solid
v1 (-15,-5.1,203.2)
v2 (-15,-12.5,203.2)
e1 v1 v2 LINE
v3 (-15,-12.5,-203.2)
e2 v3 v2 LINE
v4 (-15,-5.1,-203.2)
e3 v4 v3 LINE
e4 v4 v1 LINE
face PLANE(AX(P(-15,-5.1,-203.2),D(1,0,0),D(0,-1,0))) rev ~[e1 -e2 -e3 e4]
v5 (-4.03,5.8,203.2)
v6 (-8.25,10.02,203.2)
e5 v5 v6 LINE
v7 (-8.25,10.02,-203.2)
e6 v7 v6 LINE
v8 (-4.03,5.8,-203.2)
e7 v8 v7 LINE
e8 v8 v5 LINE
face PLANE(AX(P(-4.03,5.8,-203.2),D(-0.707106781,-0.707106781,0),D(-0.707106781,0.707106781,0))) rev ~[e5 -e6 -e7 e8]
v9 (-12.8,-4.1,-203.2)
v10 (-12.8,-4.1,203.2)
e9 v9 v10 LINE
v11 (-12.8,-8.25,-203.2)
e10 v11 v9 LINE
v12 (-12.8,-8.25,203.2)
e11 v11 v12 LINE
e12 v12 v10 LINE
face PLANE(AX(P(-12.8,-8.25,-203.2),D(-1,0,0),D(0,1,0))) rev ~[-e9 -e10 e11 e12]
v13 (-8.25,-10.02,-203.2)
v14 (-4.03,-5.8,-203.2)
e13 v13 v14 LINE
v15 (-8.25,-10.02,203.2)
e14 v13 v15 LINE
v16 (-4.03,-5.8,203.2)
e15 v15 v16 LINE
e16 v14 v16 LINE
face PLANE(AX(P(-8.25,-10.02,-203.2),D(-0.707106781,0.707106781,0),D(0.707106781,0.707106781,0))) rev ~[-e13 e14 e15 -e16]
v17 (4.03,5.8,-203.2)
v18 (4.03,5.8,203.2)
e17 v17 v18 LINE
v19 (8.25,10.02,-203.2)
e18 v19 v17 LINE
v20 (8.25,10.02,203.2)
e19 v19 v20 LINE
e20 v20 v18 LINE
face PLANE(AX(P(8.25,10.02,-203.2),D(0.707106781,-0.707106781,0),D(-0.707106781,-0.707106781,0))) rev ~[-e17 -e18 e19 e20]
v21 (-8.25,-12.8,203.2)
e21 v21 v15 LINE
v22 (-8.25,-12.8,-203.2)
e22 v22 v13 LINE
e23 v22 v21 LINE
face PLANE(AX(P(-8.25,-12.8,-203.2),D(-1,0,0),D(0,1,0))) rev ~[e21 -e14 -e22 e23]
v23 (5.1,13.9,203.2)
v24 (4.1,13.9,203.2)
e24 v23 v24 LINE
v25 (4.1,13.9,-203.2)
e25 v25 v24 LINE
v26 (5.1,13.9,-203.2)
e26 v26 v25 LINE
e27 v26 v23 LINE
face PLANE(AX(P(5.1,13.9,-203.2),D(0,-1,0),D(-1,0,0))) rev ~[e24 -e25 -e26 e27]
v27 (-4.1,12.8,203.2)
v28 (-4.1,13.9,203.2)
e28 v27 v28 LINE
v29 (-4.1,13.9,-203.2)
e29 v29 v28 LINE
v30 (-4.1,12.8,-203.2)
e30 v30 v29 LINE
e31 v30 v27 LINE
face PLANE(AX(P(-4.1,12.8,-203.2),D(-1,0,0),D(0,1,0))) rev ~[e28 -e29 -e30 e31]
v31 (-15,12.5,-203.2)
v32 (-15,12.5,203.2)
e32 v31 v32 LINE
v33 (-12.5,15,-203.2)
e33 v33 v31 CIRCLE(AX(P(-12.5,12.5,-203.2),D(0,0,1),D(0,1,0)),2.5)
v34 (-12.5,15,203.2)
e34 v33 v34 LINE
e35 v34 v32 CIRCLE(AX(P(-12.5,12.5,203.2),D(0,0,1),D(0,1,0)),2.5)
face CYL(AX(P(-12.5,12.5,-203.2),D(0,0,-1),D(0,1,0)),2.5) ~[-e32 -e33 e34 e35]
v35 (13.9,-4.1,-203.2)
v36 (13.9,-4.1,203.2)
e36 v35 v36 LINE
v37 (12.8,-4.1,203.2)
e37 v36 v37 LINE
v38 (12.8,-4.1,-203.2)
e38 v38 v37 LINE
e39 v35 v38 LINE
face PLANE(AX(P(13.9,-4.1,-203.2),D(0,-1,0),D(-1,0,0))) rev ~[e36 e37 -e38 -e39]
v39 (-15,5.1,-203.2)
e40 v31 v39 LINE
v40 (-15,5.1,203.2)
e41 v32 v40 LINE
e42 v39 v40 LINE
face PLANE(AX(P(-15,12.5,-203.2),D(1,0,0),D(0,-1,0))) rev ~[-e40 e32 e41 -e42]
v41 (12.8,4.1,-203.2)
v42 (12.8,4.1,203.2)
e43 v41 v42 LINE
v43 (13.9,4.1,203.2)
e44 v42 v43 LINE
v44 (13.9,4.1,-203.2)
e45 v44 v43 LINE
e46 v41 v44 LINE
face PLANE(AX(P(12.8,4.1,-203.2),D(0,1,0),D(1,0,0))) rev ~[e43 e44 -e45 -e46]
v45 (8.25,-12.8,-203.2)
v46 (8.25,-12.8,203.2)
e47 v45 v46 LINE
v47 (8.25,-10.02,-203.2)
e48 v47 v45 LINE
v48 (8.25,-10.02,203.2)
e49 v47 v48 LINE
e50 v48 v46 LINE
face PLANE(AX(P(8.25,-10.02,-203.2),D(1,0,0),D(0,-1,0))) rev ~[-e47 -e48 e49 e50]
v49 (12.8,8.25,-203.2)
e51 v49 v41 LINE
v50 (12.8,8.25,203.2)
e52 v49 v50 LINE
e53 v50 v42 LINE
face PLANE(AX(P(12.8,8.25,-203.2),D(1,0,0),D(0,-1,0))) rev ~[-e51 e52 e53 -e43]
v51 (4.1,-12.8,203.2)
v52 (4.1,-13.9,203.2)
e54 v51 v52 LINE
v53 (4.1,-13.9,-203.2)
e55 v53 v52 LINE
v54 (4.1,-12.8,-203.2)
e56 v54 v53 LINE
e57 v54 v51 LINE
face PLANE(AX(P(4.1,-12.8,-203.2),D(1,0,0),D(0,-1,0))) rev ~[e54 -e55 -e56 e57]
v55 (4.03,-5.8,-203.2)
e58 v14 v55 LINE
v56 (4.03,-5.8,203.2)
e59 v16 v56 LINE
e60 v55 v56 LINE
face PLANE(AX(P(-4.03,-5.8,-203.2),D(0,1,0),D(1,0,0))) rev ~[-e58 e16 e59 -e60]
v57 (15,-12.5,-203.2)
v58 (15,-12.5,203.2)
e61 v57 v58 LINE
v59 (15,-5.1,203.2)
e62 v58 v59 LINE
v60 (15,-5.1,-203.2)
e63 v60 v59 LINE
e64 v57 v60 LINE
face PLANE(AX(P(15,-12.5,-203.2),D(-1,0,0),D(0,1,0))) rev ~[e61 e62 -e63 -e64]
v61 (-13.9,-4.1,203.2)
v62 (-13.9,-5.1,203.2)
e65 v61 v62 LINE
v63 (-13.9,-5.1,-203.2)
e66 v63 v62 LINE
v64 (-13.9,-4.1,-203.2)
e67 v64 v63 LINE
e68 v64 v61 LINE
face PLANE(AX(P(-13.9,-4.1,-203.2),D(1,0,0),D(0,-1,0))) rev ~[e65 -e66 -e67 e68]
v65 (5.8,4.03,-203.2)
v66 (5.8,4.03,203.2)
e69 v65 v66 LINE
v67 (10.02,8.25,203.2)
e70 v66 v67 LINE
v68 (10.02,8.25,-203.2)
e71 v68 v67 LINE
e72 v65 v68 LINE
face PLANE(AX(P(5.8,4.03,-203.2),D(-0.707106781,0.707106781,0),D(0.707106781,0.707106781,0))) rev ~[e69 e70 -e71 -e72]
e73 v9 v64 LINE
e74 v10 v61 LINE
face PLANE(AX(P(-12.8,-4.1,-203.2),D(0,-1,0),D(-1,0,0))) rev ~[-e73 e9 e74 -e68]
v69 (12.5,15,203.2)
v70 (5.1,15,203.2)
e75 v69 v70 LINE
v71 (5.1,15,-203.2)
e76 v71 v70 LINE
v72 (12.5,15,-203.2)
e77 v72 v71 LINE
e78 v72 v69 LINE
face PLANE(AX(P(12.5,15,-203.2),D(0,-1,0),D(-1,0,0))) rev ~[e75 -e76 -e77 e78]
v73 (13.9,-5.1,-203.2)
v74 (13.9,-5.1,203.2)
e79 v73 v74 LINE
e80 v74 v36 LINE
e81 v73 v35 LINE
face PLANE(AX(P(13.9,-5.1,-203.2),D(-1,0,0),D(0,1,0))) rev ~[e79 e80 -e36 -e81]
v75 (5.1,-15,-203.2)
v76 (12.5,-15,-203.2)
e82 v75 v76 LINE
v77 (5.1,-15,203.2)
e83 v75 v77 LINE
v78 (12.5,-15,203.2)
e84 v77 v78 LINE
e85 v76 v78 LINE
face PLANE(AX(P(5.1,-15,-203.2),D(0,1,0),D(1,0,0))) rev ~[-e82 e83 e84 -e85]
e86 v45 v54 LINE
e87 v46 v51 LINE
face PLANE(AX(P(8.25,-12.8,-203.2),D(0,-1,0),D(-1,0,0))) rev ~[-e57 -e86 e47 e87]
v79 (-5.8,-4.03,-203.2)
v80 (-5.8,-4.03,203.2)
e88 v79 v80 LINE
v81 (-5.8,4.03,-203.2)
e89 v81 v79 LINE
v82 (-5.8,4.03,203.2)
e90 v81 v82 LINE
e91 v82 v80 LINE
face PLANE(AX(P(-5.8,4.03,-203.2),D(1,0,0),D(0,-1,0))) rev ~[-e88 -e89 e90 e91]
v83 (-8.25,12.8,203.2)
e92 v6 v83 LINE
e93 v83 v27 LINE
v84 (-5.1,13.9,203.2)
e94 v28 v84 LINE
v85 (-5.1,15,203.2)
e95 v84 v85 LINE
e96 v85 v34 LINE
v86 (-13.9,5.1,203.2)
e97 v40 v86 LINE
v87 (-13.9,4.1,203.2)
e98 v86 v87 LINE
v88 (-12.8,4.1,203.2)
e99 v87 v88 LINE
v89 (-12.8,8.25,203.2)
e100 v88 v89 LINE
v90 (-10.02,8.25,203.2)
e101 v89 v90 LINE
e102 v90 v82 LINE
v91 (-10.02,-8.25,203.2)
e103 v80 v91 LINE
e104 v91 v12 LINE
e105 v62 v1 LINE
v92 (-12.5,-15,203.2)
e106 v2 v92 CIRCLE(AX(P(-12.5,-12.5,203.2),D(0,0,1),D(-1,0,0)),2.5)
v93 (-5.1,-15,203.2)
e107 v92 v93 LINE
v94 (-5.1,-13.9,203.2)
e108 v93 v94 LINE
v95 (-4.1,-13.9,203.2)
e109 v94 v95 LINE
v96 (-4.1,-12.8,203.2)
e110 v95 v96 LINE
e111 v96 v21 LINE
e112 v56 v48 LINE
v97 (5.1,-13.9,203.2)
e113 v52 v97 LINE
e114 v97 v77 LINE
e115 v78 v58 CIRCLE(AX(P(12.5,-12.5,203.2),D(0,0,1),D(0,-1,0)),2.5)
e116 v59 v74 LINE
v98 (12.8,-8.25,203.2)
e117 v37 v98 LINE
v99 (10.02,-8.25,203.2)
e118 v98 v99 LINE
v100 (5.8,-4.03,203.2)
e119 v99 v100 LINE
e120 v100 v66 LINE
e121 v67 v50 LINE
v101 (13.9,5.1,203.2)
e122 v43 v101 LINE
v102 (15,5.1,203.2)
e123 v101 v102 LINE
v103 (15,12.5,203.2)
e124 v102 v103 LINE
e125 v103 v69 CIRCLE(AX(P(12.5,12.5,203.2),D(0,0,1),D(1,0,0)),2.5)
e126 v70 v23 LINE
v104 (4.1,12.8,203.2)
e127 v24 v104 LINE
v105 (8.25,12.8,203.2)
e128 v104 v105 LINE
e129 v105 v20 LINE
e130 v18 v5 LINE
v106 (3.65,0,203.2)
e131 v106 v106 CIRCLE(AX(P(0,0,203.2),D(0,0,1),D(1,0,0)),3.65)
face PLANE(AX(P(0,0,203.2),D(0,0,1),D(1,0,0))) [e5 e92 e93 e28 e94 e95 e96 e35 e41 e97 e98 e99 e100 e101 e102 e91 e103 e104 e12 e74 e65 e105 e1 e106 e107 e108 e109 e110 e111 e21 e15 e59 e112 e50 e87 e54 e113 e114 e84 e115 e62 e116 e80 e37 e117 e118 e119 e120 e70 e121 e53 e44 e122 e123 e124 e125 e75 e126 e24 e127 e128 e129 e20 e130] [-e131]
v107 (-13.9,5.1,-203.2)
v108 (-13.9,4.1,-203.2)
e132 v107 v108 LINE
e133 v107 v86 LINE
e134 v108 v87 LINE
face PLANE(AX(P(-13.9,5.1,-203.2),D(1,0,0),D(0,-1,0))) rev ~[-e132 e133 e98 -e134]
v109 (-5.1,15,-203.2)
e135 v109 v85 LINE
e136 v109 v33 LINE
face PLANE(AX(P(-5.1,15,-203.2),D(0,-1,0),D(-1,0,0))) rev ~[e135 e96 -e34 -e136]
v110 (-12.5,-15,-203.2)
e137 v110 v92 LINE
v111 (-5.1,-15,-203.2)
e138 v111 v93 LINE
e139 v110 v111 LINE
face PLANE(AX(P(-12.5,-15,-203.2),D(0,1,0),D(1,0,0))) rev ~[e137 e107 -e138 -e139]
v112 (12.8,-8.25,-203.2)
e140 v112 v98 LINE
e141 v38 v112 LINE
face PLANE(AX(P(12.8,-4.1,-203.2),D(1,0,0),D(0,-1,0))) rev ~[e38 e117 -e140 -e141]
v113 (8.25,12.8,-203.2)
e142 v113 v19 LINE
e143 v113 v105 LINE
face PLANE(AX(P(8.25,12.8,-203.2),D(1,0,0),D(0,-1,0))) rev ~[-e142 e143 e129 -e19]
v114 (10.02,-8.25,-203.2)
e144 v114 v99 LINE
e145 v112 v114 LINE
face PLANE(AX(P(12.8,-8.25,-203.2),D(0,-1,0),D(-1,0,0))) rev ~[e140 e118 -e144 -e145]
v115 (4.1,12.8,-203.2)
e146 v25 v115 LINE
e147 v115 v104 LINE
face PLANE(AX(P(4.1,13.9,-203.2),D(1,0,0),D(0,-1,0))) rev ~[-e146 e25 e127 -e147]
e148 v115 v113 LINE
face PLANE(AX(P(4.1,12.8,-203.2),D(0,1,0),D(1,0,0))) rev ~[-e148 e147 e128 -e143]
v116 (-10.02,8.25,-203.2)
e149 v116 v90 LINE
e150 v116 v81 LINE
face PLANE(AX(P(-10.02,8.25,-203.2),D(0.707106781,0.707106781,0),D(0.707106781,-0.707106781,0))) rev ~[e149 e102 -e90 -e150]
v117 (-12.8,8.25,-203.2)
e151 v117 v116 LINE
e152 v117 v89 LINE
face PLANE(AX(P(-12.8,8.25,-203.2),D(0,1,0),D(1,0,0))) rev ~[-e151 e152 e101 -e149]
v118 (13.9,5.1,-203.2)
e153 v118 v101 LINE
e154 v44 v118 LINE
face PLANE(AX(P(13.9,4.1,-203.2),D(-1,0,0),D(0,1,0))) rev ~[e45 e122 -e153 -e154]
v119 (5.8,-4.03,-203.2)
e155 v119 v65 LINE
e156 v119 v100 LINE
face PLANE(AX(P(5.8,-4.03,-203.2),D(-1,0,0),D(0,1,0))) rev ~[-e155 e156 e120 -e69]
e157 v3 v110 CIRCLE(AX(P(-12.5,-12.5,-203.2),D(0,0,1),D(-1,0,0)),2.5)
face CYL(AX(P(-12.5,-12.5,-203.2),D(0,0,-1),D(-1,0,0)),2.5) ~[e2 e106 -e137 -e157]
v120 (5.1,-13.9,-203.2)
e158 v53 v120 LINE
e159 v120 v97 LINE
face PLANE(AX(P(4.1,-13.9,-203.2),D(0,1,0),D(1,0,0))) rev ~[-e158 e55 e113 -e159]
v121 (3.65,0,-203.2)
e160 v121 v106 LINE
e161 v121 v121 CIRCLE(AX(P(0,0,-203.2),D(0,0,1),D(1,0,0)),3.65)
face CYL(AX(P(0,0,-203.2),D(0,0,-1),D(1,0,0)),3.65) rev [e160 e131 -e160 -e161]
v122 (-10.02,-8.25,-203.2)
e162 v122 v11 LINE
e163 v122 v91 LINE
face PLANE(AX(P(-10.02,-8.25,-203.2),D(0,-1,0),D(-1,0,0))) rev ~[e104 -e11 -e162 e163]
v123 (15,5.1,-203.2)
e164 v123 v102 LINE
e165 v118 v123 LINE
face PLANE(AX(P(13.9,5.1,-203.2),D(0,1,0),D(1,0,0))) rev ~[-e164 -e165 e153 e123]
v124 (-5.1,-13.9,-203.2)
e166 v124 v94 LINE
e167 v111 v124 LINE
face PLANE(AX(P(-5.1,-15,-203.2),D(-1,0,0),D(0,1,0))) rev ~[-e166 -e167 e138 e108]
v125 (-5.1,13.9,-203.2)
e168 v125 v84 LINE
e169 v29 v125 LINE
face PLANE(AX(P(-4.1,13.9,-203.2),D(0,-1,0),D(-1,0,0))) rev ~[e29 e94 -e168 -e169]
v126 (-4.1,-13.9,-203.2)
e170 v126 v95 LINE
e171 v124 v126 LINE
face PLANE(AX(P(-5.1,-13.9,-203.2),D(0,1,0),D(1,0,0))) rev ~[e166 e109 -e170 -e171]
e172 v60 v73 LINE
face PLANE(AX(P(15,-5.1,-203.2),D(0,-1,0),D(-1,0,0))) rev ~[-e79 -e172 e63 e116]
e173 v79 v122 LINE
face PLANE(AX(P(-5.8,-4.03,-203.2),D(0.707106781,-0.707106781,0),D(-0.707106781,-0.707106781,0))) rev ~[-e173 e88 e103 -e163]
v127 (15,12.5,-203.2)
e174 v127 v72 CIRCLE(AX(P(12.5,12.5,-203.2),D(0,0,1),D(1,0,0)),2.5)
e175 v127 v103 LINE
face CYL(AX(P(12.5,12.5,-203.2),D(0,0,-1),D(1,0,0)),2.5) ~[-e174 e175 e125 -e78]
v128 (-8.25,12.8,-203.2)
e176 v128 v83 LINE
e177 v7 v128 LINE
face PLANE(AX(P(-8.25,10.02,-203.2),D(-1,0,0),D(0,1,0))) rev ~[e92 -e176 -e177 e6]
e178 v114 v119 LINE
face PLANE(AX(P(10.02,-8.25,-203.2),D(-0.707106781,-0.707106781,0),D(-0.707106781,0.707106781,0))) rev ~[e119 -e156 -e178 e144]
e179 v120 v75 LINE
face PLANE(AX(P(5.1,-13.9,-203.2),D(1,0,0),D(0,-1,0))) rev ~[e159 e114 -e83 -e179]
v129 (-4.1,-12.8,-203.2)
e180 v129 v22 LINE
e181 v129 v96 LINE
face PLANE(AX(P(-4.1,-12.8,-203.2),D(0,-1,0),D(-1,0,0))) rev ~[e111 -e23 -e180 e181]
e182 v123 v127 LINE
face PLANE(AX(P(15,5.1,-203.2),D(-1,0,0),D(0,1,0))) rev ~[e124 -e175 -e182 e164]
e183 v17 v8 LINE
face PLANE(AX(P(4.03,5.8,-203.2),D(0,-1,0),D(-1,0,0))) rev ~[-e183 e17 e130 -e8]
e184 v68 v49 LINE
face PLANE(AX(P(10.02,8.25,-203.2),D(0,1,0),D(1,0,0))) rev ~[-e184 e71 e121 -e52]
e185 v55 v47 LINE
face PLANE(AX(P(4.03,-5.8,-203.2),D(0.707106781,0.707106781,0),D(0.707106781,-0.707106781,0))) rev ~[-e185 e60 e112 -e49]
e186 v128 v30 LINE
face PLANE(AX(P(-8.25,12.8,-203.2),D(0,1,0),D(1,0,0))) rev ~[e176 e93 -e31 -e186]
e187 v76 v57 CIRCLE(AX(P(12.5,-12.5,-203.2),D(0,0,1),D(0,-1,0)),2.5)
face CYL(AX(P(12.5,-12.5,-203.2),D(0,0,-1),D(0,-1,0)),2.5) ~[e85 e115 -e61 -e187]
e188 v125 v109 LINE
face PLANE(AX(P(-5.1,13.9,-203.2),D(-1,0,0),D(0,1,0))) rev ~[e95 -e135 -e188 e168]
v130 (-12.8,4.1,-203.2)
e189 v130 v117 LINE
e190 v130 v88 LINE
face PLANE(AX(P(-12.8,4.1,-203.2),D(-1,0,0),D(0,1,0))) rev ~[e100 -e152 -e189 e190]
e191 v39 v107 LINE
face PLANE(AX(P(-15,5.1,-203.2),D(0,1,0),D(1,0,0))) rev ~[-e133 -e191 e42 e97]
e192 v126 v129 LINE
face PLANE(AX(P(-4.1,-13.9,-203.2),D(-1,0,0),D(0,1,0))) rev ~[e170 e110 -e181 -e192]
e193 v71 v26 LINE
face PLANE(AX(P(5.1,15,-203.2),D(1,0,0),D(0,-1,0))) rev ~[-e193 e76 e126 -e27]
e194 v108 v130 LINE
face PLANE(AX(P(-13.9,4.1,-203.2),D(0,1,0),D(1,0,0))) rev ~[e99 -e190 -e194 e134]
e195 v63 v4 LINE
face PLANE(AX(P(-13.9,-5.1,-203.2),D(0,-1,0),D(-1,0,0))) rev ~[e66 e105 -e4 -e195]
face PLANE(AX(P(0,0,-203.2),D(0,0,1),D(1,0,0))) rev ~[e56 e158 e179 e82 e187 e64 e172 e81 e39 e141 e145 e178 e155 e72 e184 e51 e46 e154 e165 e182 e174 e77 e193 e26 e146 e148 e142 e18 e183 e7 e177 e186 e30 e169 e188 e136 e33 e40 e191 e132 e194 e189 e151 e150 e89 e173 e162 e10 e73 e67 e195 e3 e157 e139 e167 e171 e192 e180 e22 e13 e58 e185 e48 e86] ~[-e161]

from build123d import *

# Parameters (mm, degrees)
SKETCH11_R                          = 3.65
BOSCHREXROTH_BOSCH_30X30_V2_1_DEPTH = 406.4


with BuildPart() as part:
    # Sketch11 → Boschrexroth BOSCH_30X30_V2(1) (new body)
    with BuildSketch(Plane.XY.offset(-203.2)):
        with BuildLine():
            Line((0, 5.8), (-4.03, 5.8))
            Line((-4.03, 5.8), (-8.25, 10.02))
            Line((-8.25, 10.02), (-8.25, 12.8))
            Line((-8.25, 12.8), (-4.1, 12.8))
            Line((-4.1, 12.8), (-4.1, 13.9))
            Line((-4.1, 13.9), (-5.1, 13.9))
            Line((-5.1, 13.9), (-5.1, 15))
            Line((-5.1, 15), (-12.5, 15))
            ThreePointArc((-12.5, 15), (-14.267766953, 14.267766953), (-15, 12.5))
            Line((-15, 12.5), (-15, 5.1))
            Line((-15, 5.1), (-13.9, 5.1))
            Line((-13.9, 5.1), (-13.9, 4.1))
            Line((-13.9, 4.1), (-12.8, 4.1))
            Line((-12.8, 4.1), (-12.8, 8.25))
            Line((-12.8, 8.25), (-10.02, 8.25))
            Line((-10.02, 8.25), (-5.8, 4.03))
            Line((-5.8, 4.03), (-5.8, 0))
            Line((-5.8, 0), (-5.8, -4.03))
            Line((-5.8, -4.03), (-10.02, -8.25))
            Line((-10.02, -8.25), (-12.8, -8.25))
            Line((-12.8, -8.25), (-12.8, -4.1))
            Line((-12.8, -4.1), (-13.9, -4.1))
            Line((-13.9, -4.1), (-13.9, -5.1))
            Line((-13.9, -5.1), (-15, -5.1))
            Line((-15, -5.1), (-15, -12.5))
            ThreePointArc((-15, -12.5), (-14.267766953, -14.267766953), (-12.5, -15))
            Line((-12.5, -15), (-5.1, -15))
            Line((-5.1, -15), (-5.1, -13.9))
            Line((-5.1, -13.9), (-4.1, -13.9))
            Line((-4.1, -13.9), (-4.1, -12.8))
            Line((-4.1, -12.8), (-8.25, -12.8))
            Line((-8.25, -12.8), (-8.25, -10.02))
            Line((-8.25, -10.02), (-4.03, -5.8))
            Line((-4.03, -5.8), (4.03, -5.8))
            Line((4.03, -5.8), (8.25, -10.02))
            Line((8.25, -10.02), (8.25, -12.8))
            Line((8.25, -12.8), (4.1, -12.8))
            Line((4.1, -12.8), (4.1, -13.9))
            Line((4.1, -13.9), (5.1, -13.9))
            Line((5.1, -13.9), (5.1, -15))
            Line((5.1, -15), (12.5, -15))
            ThreePointArc((12.5, -15), (14.267766953, -14.267766953), (15, -12.5))
            Line((15, -12.5), (15, -5.1))
            Line((15, -5.1), (13.9, -5.1))
            Line((13.9, -5.1), (13.9, -4.1))
            Line((13.9, -4.1), (12.8, -4.1))
            Line((12.8, -4.1), (12.8, -8.25))
            Line((12.8, -8.25), (10.02, -8.25))
            Line((10.02, -8.25), (5.8, -4.03))
            Line((5.8, -4.03), (5.8, 0))
            Line((5.8, 0), (5.8, 4.03))
            Line((5.8, 4.03), (10.02, 8.25))
            Line((10.02, 8.25), (12.8, 8.25))
            Line((12.8, 8.25), (12.8, 4.1))
            Line((12.8, 4.1), (13.9, 4.1))
            Line((13.9, 4.1), (13.9, 5.1))
            Line((13.9, 5.1), (15, 5.1))
            Line((15, 5.1), (15, 12.5))
            ThreePointArc((15, 12.5), (14.267766953, 14.267766953), (12.5, 15))
            Line((12.5, 15), (5.1, 15))
            Line((5.1, 15), (5.1, 13.9))
            Line((5.1, 13.9), (4.1, 13.9))
            Line((4.1, 13.9), (4.1, 12.8))
            Line((4.1, 12.8), (8.25, 12.8))
            Line((8.25, 12.8), (8.25, 10.02))
            Line((8.25, 10.02), (4.03, 5.8))
            Line((4.03, 5.8), (0, 5.8))
        make_face()
        Circle(SKETCH11_R, mode=Mode.SUBTRACT)
    extrude(amount=BOSCHREXROTH_BOSCH_30X30_V2_1_DEPTH)


solid = part.part
